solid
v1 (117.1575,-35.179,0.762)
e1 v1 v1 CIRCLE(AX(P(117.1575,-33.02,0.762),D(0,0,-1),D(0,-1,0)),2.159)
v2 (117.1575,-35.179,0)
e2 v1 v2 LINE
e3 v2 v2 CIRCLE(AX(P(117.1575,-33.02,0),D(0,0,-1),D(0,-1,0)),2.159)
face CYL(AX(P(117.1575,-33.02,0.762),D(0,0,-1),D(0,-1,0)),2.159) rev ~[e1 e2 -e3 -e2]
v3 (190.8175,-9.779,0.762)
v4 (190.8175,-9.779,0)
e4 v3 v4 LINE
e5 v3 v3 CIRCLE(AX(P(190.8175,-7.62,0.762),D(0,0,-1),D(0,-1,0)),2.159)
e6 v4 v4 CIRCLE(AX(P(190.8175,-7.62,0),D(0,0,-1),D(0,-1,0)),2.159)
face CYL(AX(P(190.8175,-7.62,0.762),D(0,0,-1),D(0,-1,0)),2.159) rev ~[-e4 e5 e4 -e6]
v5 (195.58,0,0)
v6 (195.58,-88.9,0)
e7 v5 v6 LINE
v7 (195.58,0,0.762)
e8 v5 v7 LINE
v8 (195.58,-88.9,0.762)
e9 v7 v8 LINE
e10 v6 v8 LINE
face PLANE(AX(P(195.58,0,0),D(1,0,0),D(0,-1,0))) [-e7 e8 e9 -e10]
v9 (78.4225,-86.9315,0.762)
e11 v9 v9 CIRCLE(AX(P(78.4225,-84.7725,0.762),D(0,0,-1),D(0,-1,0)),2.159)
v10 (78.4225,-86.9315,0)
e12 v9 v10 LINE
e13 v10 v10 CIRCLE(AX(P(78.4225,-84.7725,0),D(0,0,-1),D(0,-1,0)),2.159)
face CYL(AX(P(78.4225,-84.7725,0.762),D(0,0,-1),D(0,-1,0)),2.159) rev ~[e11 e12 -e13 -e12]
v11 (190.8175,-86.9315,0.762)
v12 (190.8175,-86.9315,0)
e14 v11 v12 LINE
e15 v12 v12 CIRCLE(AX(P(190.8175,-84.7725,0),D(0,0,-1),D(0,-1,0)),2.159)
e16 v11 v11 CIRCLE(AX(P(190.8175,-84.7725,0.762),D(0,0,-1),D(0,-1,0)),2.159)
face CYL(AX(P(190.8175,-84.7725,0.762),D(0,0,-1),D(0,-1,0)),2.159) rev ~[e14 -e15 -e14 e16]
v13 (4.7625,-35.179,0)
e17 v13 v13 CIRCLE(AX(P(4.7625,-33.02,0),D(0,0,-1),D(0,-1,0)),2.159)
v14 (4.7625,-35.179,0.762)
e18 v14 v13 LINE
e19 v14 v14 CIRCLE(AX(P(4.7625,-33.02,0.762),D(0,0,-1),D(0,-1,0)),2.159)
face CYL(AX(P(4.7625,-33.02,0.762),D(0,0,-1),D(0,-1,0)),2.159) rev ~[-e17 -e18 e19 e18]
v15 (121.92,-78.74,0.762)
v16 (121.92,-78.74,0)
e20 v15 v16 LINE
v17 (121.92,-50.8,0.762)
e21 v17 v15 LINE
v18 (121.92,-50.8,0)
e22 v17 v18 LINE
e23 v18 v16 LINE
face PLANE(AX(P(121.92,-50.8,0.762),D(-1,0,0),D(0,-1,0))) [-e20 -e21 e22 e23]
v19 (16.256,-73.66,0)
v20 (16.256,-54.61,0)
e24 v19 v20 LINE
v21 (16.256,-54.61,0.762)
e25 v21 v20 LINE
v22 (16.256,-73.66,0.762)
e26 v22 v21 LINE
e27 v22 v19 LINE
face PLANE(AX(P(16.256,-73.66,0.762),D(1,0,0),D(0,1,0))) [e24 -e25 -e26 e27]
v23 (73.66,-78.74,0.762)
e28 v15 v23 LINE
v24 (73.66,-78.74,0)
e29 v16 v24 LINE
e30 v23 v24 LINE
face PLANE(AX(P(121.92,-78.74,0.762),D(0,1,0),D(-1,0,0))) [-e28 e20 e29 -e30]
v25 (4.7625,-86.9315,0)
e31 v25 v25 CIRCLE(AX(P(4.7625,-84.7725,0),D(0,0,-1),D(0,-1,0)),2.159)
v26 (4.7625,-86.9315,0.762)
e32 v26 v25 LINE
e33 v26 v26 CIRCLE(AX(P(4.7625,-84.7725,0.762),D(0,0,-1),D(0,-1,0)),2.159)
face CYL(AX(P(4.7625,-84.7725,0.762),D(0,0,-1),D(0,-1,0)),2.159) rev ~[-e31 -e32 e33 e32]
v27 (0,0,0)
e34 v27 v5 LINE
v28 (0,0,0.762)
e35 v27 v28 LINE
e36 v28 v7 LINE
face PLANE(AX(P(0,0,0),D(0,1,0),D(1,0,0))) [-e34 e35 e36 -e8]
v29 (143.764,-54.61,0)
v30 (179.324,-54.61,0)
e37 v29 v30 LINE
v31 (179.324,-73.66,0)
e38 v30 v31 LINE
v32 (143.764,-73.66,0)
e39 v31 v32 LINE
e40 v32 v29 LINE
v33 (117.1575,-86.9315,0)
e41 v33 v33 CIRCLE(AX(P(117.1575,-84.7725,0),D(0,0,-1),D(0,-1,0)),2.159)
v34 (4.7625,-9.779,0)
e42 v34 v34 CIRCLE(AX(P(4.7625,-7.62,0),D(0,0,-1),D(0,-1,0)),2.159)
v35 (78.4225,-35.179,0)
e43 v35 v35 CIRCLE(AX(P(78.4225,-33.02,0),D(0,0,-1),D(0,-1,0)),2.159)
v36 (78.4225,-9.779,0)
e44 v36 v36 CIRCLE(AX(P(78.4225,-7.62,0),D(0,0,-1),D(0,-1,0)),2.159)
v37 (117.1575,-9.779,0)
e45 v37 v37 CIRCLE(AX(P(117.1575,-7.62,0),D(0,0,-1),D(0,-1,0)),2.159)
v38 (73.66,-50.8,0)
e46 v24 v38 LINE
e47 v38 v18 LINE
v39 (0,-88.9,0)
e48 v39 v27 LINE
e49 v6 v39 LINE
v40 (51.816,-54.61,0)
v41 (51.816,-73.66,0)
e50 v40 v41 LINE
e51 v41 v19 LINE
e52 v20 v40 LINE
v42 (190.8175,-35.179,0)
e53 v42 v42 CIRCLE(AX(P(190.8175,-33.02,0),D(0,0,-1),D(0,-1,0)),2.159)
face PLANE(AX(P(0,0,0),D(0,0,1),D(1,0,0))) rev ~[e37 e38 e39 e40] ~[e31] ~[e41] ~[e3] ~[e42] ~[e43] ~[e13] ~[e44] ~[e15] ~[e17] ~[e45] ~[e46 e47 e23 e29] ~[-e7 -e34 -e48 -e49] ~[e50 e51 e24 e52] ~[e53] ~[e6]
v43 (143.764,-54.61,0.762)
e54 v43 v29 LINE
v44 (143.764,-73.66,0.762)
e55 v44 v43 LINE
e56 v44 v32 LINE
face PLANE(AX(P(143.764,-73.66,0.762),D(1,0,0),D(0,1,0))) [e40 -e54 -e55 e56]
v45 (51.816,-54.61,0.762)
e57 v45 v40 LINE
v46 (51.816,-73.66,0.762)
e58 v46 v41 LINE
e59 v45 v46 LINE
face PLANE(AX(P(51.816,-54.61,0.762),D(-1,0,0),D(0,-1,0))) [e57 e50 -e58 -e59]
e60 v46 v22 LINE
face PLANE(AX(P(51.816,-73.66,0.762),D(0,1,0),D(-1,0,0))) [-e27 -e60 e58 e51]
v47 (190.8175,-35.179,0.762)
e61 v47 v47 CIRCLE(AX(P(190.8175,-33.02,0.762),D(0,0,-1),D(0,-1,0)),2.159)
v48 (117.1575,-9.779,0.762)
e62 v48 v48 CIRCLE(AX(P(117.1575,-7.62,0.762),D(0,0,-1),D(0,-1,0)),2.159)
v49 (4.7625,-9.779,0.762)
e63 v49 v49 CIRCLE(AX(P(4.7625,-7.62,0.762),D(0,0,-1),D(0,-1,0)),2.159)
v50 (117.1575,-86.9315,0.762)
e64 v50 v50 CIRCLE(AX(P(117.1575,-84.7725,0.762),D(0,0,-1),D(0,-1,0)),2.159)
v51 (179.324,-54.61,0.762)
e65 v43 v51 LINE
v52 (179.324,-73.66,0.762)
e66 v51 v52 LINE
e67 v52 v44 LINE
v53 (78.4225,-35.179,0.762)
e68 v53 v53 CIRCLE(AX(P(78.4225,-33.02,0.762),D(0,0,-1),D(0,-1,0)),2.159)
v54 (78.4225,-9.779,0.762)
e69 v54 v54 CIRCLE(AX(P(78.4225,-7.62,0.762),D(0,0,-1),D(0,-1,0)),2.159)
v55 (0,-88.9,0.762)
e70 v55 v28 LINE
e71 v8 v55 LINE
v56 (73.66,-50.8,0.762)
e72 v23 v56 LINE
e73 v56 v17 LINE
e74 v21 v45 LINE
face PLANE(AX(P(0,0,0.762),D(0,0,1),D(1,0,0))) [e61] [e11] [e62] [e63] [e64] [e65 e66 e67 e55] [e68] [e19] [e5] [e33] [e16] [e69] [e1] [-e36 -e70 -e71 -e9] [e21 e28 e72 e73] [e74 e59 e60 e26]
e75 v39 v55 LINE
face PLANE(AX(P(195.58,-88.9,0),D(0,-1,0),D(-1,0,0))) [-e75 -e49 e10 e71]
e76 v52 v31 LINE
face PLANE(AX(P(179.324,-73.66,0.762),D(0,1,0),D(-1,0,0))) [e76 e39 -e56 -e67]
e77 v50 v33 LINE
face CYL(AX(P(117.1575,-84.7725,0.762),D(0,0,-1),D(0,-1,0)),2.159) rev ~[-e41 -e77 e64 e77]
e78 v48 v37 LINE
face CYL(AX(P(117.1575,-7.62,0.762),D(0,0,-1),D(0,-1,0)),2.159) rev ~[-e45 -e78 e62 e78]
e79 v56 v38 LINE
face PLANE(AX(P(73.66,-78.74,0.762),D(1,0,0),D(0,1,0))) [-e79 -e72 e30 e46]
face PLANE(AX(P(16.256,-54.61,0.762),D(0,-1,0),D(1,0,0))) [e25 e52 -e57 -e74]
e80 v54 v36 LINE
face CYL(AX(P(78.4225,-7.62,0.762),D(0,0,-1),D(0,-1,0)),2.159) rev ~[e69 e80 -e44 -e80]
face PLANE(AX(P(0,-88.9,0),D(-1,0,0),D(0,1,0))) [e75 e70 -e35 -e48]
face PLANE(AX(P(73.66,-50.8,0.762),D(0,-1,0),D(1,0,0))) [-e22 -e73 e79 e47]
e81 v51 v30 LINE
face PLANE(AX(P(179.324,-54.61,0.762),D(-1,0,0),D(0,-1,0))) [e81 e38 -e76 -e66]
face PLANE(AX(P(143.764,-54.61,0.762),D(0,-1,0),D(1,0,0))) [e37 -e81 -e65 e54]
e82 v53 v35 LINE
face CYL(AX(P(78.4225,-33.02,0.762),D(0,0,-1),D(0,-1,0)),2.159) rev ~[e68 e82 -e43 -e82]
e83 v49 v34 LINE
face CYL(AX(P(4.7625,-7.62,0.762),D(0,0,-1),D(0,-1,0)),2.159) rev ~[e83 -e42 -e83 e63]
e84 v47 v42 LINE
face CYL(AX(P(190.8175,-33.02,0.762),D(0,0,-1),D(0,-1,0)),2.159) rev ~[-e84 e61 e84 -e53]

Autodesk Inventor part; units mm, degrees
ref_plane "YZ Plane" through (0, 0, 0) normal (1, 0, 0) x (0, 1, 0)
ref_plane "XZ Plane" through (0, 0, 0) normal (0, 1, 0) x (-1, 0, 0)
ref_plane "XY Plane" through (0, 0, 0) normal (0, 0, 1) x (1, 0, 0)
sketch "Sketch1" plane through (0, 0, 0) normal (0, 0, 1) x (1, 0, 0)
  line L0 (0, 0) -> (195.58, 0)
  line L1 (195.58, 0) -> (195.58, -88.9)
  line L2 (195.58, -88.9) -> (0, -88.9)
  line L3 (0, -88.9) -> (0, 0)
  dimension "d0" = 195.58
  dimension "d1" = 88.9
extrude "Extrusion1" add sketch "Sketch1" along normal blind 0.762
sketch "Sketch9" plane through (0, 0, 0.762) normal (0, 0, 1) x (1, 0, 0)
  line L0 (195.58, 0) -> (195.58, -88.9) projected
  line L1 (0, -88.9) -> (0, 0) projected
  line L2 (195.58, -88.9) -> (0, -88.9) projected
  line L3 (16.256, -54.61) -> (51.816, -54.61)
  line L4 (51.816, -54.61) -> (51.816, -73.66)
  line L5 (51.816, -73.66) -> (16.256, -73.66)
  line L6 (16.256, -73.66) -> (16.256, -54.61)
  line L7 (143.764, -54.61) -> (179.324, -54.61)
  line L8 (179.324, -54.61) -> (179.324, -73.66)
  line L9 (179.324, -73.66) -> (143.764, -73.66)
  line L10 (143.764, -73.66) -> (143.764, -54.61)
  line L11 (73.66, -50.8) -> (121.92, -50.8)
  line L12 (121.92, -50.8) -> (121.92, -78.74)
  line L13 (121.92, -78.74) -> (73.66, -78.74)
  line L14 (73.66, -78.74) -> (73.66, -50.8)
  dimension "d105" = 16.256
  dimension "d106" = 19.05
  dimension "d107" = 35.56
  dimension "d108" = 16.256
  dimension "d109" = 19.05
  dimension "d110" = 35.56
  dimension "d111" = 15.24
  dimension "d112" = 15.24
  dimension "d113" = 48.26
  dimension "d114" = 27.94
  dimension "d115" = 73.66
  dimension "d116" = 73.66
  dimension "d117" = 10.16
extrude "Extrusion4" cut sketch "Sketch9" against normal blind 25.4
sketch "Sketch10" plane through (0, 0, 0.762) normal (0, 0, 1) x (1, 0, 0)
  circle A0 centre (4.7625, -84.7725) radius 2.2479 projected
  circle A1 centre (78.4225, -84.7725) radius 2.2479 projected
  circle A2 centre (117.1575, -84.7725) radius 2.2479 projected
  circle A3 centre (190.8175, -84.7725) radius 2.2479 projected
  line L0 (195.58, -88.9) -> (0, -88.9) projected
  line L1 (0, -37.5396) -> (9.525, -37.5396) projected
  point P0 (4.7625, -33.02)
  point P1 (4.7625, -7.62)
  point P2 (78.4225, -7.62)
  point P3 (78.4225, -33.02)
  point P4 (117.1575, -33.02)
  point P5 (117.1575, -7.62)
  point P6 (190.8175, -33.02)
  point P7 (190.8175, -7.62)
  dimension "d127" = 81.28
  dimension "d128" = 55.88
  dimension "d129" = 55.88
  dimension "d130" = 81.28
  dimension "d131" = 81.28
  dimension "d132" = 55.88
  dimension "d133" = 55.88
  dimension "d134" = 81.28
hole "Hole5" at (190.8175, -84.7725, 0.762) at (117.1575, -84.7725, 0.762) at (78.4225, -84.7725, 0.762) at (4.7625, -84.7725, 0.762) at (4.7625, -7.62, 0.762) at (4.7625, -33.02, 0.762) at (78.4225, -33.02, 0.762) at (78.4225, -7.62, 0.762) at (117.1575, -7.62, 0.762) at (117.1575, -33.02, 0.762) at (190.8175, -33.02, 0.762) at (190.8175, -7.62, 0.762) direction (0, 0, -1) diameter 4.318 end through all clearance for "Flat Head Machine Screw (82)" size "#8" standard "Ansi Unified Screw Threads"
properties part number "ChassisFrontPlate" material "Steel"
